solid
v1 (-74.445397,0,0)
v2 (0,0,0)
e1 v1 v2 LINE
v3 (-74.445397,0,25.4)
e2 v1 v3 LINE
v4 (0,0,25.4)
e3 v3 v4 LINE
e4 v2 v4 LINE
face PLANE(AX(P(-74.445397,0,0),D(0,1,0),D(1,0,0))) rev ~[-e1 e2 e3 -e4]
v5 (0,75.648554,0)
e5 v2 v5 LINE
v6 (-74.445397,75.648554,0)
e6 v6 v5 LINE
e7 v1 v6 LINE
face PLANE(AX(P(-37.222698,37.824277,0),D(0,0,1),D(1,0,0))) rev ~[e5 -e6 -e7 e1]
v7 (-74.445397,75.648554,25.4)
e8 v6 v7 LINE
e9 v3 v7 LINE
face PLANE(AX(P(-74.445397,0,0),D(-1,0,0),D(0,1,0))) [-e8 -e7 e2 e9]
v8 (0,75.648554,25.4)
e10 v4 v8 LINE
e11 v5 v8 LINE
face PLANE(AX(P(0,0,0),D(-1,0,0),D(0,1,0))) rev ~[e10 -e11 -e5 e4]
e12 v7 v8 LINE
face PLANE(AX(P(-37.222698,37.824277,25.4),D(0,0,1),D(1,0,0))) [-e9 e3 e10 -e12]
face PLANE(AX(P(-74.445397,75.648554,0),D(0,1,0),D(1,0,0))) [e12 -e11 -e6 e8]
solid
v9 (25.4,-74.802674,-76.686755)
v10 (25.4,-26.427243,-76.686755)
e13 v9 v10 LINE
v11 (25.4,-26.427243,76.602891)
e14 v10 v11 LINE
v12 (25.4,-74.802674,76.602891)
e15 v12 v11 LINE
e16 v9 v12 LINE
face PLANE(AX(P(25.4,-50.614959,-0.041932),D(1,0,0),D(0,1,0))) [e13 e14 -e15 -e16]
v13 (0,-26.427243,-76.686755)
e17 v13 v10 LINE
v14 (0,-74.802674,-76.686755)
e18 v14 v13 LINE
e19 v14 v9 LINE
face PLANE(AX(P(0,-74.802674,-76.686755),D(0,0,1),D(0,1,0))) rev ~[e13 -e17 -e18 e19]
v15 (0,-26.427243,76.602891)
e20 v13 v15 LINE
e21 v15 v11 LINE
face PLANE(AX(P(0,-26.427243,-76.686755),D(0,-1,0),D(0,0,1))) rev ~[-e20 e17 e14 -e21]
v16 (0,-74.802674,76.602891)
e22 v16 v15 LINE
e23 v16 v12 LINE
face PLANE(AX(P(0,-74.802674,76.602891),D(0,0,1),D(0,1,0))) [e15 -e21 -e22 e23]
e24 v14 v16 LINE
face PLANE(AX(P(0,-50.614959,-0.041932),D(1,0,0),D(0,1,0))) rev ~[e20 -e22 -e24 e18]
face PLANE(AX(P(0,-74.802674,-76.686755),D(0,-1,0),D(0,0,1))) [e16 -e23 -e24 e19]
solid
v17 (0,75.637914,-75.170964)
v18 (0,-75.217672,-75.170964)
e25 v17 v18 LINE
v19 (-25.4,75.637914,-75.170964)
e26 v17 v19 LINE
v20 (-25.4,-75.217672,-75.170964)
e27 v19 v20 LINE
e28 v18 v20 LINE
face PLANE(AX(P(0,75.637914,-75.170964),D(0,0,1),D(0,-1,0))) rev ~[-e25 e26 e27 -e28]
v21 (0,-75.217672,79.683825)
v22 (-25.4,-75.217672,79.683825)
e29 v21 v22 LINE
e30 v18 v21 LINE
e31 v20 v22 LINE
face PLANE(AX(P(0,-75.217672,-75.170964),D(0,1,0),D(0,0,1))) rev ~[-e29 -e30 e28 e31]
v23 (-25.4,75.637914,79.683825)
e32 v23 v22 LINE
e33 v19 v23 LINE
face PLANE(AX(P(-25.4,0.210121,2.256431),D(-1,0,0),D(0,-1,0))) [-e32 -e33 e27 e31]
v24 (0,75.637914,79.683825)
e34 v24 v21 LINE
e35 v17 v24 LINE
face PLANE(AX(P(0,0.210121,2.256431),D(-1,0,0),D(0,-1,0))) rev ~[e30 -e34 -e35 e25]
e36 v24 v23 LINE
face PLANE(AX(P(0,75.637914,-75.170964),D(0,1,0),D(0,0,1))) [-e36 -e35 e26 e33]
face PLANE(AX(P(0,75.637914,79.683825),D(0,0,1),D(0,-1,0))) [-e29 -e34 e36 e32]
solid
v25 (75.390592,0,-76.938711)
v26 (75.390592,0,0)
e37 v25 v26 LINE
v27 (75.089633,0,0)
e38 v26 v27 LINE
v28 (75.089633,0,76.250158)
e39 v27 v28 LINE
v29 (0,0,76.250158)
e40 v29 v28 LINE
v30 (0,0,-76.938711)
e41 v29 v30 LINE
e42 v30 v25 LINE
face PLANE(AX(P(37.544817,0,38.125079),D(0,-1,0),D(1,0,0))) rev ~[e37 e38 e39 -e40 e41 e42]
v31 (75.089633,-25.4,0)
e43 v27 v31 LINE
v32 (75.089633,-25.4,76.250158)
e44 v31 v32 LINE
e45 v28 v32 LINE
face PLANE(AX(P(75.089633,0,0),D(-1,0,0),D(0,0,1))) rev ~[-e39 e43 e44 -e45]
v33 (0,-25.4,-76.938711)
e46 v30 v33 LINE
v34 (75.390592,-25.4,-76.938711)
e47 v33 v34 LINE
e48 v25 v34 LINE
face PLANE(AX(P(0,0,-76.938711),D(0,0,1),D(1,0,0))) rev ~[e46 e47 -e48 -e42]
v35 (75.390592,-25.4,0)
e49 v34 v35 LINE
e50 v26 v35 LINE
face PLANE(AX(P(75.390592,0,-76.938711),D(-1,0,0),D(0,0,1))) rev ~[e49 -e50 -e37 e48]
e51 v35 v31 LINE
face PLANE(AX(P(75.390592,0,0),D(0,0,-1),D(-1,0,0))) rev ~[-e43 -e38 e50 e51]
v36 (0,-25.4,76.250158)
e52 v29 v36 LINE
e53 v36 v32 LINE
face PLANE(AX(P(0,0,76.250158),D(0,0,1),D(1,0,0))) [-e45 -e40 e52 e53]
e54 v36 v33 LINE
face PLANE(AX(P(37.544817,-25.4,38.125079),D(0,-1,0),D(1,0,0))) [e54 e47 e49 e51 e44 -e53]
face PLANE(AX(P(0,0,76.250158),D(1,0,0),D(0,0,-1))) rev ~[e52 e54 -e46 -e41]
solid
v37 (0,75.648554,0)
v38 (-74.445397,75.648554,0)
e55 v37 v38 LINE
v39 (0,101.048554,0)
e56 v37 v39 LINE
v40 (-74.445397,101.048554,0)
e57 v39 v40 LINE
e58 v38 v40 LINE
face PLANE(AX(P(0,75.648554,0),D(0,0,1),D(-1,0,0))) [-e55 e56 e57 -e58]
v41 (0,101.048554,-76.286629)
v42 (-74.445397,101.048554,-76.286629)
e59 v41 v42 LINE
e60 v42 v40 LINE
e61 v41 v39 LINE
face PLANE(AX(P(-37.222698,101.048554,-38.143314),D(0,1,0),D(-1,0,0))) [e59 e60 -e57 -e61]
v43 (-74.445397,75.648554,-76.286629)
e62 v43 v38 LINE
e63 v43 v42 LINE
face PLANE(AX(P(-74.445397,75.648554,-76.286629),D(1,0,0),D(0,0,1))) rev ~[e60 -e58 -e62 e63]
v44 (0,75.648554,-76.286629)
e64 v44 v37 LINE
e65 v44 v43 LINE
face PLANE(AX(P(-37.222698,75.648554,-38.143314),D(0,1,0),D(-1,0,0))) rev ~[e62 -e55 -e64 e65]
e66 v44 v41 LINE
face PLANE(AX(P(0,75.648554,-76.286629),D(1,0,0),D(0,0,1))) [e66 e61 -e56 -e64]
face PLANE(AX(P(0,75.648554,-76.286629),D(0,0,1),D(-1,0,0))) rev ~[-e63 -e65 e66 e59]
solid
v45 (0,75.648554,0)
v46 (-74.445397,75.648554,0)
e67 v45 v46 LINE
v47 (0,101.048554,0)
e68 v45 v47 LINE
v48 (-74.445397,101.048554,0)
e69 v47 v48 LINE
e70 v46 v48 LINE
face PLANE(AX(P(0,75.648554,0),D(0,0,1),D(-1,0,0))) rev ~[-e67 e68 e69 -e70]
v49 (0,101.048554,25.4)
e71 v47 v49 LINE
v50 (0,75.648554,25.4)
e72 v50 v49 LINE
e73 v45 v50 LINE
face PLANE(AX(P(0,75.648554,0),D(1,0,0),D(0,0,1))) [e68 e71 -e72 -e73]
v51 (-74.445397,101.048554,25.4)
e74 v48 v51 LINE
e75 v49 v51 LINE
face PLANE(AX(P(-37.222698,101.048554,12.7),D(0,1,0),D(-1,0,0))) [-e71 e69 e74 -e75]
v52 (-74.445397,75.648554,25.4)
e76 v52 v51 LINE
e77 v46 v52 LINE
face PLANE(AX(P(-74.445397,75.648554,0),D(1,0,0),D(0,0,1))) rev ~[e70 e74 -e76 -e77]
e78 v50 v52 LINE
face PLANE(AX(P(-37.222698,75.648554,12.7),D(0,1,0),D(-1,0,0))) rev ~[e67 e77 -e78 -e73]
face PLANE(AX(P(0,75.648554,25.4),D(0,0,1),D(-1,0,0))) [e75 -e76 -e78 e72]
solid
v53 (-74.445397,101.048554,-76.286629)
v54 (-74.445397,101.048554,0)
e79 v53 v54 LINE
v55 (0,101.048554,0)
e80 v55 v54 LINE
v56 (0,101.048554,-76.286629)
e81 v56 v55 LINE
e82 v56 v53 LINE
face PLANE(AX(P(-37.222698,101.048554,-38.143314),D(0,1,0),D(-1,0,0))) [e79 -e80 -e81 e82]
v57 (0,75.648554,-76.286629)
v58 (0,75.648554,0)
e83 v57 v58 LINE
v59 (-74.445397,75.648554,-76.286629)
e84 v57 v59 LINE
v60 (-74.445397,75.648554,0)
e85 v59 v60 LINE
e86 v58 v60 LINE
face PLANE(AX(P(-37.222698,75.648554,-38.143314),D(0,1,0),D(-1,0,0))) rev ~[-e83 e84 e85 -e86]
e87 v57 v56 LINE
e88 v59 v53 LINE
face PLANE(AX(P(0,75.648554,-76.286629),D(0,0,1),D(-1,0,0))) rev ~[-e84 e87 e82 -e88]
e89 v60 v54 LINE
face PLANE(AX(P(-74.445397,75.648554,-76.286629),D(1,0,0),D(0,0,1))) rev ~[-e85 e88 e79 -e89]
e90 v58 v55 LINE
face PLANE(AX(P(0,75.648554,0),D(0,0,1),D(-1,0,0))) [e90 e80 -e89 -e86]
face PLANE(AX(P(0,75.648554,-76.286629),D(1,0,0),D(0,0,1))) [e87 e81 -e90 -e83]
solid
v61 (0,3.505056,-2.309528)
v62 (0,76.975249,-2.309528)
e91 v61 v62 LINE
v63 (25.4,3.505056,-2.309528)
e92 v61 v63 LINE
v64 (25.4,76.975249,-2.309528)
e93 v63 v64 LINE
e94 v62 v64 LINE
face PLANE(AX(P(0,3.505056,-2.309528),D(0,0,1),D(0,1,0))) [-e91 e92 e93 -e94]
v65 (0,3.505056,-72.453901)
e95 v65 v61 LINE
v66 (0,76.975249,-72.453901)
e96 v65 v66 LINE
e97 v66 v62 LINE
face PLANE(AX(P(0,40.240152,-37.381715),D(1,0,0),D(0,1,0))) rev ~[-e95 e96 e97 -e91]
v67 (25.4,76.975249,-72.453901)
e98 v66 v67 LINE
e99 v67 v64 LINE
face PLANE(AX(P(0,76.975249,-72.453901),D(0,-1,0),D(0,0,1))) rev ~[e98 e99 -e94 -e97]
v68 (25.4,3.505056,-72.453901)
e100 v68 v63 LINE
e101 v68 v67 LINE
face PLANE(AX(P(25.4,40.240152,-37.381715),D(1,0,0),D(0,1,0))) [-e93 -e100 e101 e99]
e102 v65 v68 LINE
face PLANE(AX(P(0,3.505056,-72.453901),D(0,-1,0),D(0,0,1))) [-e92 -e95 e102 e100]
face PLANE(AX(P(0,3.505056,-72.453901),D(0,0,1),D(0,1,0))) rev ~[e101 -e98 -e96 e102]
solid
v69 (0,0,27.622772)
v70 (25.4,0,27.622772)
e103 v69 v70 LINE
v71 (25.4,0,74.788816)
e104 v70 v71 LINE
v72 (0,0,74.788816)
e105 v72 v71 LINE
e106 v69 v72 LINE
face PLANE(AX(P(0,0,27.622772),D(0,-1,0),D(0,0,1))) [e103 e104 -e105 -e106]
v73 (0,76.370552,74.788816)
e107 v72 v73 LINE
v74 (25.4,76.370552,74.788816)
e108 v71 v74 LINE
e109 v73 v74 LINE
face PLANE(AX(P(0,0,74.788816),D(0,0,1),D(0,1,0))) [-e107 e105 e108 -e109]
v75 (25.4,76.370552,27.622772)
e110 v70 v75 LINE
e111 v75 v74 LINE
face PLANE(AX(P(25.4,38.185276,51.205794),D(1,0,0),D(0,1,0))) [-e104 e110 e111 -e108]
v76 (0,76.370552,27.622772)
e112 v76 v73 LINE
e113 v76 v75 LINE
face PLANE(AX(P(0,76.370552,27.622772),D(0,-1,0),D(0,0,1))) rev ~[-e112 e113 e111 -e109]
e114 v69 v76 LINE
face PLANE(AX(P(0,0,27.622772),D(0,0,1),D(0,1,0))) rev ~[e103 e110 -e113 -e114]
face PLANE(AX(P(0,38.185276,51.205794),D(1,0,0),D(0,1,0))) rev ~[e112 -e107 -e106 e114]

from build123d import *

# Parameters (mm, degrees)
F0_W      = 74.4453966618
F0_H      = 75.6485536695
F1_DEPTH  = 25.4
F3_W      = 74.4453966618
F3_H      = 76.2866288424
F4_DEPTH  = 25.4
F2_W      = 74.4453966618
F2_H      = 25.4
F5_DEPTH  = 25.4
F6_W      = 75.0896334648
F6_H      = 76.2501582503
F7_DEPTH  = 25.4
F8_W      = 48.3754314482
F8_H      = 153.2896459103
F9_DEPTH  = 25.4
F8_W_2    = 76.3705521822
F8_H_2    = 47.1660438925
F8_W_3    = 73.4701931942
F8_H_3    = 70.1443727594
F10_W     = 150.8555859327
F10_H     = 154.8547893763
F11_DEPTH = 25.4


with BuildPart() as f1:
    # F0 (on Top) → F1 (new body)
    with BuildSketch(Plane.XY):
        with Locations((-37.2226983309, 37.8242768347)):
            Rectangle(F0_W, F0_H)
    extrude(amount=F1_DEPTH)


with BuildPart() as f4:
    # F3 (on face) → F4 (new body)
    with BuildSketch(Plane(origin=(0, 75.6485536695, 0), x_dir=(-1, 0, 0), z_dir=(0, 1, 0))):
        with Locations((37.2226983309, -38.1433144212)):
            Rectangle(F3_W, F3_H)
    extrude(amount=F4_DEPTH)


with BuildPart() as f5:
    # F2 (on face) → F5 (new body)
    with BuildSketch(Plane(origin=(0, 75.6485536695, 0), x_dir=(-1, 0, 0), z_dir=(0, 1, 0))):
        with Locations((37.2226983309, 12.7)):
            Rectangle(F2_W, F2_H)
    extrude(amount=F5_DEPTH)


with BuildPart() as f5b:
    # F3 (on face) → F5, piece 2 (new body)
    with BuildSketch(Plane(origin=(0, 75.6485536695, 0), x_dir=(-1, 0, 0), z_dir=(0, 1, 0))):
        with Locations((37.2226983309, -38.1433144212)):
            Rectangle(F3_W, F3_H)
    extrude(amount=F5_DEPTH)


with BuildPart() as f7:
    # F6 (on Front) → F7 (new body)
    with BuildSketch(Plane.XZ):
        with Locations((37.5448167324, 38.1250791252)):
            Rectangle(F6_W, F6_H)
        Polygon((75.0896334648, 0), (0, 0), (0, -76.9387111068), (75.3905922174, -76.9387111068), (75.3905922174, 0), align=None)
    extrude(amount=F7_DEPTH)


with BuildPart() as f9:
    # F8 (on Right) → F9 (new body)
    with BuildSketch(Plane.YZ):
        with Locations((-50.614958629, -0.0419318676)):
            Rectangle(F8_W, F8_H)
    extrude(amount=F9_DEPTH)


with BuildPart() as f9b:
    # F8 (on Right) → F9, piece 2 (new body)
    with BuildSketch(Plane.YZ):
        with Locations((38.1852760911, 51.205794327)):
            Rectangle(F8_W_2, F8_H_2)
    extrude(amount=F9_DEPTH)


with BuildPart() as f9c:
    # F8 (on Right) → F9, piece 3 (new body)
    with BuildSketch(Plane.YZ):
        with Locations((40.2401521569, -37.381714792)):
            Rectangle(F8_W_3, F8_H_3)
    extrude(amount=F9_DEPTH)


with BuildPart() as f11:
    # F10 (on face) → F11 (new body)
    with BuildSketch(Plane(origin=(0, 0, 0), x_dir=(0, -1, 0), z_dir=(-1, 0, 0))):
        with Locations((-0.210121274, 2.2564306855)):
            Rectangle(F10_W, F10_H)
    extrude(amount=F11_DEPTH)


solid = Compound([f1.part, f4.part, f5.part, f5b.part, f7.part, f9.part, f9b.part, f9c.part, f11.part])
